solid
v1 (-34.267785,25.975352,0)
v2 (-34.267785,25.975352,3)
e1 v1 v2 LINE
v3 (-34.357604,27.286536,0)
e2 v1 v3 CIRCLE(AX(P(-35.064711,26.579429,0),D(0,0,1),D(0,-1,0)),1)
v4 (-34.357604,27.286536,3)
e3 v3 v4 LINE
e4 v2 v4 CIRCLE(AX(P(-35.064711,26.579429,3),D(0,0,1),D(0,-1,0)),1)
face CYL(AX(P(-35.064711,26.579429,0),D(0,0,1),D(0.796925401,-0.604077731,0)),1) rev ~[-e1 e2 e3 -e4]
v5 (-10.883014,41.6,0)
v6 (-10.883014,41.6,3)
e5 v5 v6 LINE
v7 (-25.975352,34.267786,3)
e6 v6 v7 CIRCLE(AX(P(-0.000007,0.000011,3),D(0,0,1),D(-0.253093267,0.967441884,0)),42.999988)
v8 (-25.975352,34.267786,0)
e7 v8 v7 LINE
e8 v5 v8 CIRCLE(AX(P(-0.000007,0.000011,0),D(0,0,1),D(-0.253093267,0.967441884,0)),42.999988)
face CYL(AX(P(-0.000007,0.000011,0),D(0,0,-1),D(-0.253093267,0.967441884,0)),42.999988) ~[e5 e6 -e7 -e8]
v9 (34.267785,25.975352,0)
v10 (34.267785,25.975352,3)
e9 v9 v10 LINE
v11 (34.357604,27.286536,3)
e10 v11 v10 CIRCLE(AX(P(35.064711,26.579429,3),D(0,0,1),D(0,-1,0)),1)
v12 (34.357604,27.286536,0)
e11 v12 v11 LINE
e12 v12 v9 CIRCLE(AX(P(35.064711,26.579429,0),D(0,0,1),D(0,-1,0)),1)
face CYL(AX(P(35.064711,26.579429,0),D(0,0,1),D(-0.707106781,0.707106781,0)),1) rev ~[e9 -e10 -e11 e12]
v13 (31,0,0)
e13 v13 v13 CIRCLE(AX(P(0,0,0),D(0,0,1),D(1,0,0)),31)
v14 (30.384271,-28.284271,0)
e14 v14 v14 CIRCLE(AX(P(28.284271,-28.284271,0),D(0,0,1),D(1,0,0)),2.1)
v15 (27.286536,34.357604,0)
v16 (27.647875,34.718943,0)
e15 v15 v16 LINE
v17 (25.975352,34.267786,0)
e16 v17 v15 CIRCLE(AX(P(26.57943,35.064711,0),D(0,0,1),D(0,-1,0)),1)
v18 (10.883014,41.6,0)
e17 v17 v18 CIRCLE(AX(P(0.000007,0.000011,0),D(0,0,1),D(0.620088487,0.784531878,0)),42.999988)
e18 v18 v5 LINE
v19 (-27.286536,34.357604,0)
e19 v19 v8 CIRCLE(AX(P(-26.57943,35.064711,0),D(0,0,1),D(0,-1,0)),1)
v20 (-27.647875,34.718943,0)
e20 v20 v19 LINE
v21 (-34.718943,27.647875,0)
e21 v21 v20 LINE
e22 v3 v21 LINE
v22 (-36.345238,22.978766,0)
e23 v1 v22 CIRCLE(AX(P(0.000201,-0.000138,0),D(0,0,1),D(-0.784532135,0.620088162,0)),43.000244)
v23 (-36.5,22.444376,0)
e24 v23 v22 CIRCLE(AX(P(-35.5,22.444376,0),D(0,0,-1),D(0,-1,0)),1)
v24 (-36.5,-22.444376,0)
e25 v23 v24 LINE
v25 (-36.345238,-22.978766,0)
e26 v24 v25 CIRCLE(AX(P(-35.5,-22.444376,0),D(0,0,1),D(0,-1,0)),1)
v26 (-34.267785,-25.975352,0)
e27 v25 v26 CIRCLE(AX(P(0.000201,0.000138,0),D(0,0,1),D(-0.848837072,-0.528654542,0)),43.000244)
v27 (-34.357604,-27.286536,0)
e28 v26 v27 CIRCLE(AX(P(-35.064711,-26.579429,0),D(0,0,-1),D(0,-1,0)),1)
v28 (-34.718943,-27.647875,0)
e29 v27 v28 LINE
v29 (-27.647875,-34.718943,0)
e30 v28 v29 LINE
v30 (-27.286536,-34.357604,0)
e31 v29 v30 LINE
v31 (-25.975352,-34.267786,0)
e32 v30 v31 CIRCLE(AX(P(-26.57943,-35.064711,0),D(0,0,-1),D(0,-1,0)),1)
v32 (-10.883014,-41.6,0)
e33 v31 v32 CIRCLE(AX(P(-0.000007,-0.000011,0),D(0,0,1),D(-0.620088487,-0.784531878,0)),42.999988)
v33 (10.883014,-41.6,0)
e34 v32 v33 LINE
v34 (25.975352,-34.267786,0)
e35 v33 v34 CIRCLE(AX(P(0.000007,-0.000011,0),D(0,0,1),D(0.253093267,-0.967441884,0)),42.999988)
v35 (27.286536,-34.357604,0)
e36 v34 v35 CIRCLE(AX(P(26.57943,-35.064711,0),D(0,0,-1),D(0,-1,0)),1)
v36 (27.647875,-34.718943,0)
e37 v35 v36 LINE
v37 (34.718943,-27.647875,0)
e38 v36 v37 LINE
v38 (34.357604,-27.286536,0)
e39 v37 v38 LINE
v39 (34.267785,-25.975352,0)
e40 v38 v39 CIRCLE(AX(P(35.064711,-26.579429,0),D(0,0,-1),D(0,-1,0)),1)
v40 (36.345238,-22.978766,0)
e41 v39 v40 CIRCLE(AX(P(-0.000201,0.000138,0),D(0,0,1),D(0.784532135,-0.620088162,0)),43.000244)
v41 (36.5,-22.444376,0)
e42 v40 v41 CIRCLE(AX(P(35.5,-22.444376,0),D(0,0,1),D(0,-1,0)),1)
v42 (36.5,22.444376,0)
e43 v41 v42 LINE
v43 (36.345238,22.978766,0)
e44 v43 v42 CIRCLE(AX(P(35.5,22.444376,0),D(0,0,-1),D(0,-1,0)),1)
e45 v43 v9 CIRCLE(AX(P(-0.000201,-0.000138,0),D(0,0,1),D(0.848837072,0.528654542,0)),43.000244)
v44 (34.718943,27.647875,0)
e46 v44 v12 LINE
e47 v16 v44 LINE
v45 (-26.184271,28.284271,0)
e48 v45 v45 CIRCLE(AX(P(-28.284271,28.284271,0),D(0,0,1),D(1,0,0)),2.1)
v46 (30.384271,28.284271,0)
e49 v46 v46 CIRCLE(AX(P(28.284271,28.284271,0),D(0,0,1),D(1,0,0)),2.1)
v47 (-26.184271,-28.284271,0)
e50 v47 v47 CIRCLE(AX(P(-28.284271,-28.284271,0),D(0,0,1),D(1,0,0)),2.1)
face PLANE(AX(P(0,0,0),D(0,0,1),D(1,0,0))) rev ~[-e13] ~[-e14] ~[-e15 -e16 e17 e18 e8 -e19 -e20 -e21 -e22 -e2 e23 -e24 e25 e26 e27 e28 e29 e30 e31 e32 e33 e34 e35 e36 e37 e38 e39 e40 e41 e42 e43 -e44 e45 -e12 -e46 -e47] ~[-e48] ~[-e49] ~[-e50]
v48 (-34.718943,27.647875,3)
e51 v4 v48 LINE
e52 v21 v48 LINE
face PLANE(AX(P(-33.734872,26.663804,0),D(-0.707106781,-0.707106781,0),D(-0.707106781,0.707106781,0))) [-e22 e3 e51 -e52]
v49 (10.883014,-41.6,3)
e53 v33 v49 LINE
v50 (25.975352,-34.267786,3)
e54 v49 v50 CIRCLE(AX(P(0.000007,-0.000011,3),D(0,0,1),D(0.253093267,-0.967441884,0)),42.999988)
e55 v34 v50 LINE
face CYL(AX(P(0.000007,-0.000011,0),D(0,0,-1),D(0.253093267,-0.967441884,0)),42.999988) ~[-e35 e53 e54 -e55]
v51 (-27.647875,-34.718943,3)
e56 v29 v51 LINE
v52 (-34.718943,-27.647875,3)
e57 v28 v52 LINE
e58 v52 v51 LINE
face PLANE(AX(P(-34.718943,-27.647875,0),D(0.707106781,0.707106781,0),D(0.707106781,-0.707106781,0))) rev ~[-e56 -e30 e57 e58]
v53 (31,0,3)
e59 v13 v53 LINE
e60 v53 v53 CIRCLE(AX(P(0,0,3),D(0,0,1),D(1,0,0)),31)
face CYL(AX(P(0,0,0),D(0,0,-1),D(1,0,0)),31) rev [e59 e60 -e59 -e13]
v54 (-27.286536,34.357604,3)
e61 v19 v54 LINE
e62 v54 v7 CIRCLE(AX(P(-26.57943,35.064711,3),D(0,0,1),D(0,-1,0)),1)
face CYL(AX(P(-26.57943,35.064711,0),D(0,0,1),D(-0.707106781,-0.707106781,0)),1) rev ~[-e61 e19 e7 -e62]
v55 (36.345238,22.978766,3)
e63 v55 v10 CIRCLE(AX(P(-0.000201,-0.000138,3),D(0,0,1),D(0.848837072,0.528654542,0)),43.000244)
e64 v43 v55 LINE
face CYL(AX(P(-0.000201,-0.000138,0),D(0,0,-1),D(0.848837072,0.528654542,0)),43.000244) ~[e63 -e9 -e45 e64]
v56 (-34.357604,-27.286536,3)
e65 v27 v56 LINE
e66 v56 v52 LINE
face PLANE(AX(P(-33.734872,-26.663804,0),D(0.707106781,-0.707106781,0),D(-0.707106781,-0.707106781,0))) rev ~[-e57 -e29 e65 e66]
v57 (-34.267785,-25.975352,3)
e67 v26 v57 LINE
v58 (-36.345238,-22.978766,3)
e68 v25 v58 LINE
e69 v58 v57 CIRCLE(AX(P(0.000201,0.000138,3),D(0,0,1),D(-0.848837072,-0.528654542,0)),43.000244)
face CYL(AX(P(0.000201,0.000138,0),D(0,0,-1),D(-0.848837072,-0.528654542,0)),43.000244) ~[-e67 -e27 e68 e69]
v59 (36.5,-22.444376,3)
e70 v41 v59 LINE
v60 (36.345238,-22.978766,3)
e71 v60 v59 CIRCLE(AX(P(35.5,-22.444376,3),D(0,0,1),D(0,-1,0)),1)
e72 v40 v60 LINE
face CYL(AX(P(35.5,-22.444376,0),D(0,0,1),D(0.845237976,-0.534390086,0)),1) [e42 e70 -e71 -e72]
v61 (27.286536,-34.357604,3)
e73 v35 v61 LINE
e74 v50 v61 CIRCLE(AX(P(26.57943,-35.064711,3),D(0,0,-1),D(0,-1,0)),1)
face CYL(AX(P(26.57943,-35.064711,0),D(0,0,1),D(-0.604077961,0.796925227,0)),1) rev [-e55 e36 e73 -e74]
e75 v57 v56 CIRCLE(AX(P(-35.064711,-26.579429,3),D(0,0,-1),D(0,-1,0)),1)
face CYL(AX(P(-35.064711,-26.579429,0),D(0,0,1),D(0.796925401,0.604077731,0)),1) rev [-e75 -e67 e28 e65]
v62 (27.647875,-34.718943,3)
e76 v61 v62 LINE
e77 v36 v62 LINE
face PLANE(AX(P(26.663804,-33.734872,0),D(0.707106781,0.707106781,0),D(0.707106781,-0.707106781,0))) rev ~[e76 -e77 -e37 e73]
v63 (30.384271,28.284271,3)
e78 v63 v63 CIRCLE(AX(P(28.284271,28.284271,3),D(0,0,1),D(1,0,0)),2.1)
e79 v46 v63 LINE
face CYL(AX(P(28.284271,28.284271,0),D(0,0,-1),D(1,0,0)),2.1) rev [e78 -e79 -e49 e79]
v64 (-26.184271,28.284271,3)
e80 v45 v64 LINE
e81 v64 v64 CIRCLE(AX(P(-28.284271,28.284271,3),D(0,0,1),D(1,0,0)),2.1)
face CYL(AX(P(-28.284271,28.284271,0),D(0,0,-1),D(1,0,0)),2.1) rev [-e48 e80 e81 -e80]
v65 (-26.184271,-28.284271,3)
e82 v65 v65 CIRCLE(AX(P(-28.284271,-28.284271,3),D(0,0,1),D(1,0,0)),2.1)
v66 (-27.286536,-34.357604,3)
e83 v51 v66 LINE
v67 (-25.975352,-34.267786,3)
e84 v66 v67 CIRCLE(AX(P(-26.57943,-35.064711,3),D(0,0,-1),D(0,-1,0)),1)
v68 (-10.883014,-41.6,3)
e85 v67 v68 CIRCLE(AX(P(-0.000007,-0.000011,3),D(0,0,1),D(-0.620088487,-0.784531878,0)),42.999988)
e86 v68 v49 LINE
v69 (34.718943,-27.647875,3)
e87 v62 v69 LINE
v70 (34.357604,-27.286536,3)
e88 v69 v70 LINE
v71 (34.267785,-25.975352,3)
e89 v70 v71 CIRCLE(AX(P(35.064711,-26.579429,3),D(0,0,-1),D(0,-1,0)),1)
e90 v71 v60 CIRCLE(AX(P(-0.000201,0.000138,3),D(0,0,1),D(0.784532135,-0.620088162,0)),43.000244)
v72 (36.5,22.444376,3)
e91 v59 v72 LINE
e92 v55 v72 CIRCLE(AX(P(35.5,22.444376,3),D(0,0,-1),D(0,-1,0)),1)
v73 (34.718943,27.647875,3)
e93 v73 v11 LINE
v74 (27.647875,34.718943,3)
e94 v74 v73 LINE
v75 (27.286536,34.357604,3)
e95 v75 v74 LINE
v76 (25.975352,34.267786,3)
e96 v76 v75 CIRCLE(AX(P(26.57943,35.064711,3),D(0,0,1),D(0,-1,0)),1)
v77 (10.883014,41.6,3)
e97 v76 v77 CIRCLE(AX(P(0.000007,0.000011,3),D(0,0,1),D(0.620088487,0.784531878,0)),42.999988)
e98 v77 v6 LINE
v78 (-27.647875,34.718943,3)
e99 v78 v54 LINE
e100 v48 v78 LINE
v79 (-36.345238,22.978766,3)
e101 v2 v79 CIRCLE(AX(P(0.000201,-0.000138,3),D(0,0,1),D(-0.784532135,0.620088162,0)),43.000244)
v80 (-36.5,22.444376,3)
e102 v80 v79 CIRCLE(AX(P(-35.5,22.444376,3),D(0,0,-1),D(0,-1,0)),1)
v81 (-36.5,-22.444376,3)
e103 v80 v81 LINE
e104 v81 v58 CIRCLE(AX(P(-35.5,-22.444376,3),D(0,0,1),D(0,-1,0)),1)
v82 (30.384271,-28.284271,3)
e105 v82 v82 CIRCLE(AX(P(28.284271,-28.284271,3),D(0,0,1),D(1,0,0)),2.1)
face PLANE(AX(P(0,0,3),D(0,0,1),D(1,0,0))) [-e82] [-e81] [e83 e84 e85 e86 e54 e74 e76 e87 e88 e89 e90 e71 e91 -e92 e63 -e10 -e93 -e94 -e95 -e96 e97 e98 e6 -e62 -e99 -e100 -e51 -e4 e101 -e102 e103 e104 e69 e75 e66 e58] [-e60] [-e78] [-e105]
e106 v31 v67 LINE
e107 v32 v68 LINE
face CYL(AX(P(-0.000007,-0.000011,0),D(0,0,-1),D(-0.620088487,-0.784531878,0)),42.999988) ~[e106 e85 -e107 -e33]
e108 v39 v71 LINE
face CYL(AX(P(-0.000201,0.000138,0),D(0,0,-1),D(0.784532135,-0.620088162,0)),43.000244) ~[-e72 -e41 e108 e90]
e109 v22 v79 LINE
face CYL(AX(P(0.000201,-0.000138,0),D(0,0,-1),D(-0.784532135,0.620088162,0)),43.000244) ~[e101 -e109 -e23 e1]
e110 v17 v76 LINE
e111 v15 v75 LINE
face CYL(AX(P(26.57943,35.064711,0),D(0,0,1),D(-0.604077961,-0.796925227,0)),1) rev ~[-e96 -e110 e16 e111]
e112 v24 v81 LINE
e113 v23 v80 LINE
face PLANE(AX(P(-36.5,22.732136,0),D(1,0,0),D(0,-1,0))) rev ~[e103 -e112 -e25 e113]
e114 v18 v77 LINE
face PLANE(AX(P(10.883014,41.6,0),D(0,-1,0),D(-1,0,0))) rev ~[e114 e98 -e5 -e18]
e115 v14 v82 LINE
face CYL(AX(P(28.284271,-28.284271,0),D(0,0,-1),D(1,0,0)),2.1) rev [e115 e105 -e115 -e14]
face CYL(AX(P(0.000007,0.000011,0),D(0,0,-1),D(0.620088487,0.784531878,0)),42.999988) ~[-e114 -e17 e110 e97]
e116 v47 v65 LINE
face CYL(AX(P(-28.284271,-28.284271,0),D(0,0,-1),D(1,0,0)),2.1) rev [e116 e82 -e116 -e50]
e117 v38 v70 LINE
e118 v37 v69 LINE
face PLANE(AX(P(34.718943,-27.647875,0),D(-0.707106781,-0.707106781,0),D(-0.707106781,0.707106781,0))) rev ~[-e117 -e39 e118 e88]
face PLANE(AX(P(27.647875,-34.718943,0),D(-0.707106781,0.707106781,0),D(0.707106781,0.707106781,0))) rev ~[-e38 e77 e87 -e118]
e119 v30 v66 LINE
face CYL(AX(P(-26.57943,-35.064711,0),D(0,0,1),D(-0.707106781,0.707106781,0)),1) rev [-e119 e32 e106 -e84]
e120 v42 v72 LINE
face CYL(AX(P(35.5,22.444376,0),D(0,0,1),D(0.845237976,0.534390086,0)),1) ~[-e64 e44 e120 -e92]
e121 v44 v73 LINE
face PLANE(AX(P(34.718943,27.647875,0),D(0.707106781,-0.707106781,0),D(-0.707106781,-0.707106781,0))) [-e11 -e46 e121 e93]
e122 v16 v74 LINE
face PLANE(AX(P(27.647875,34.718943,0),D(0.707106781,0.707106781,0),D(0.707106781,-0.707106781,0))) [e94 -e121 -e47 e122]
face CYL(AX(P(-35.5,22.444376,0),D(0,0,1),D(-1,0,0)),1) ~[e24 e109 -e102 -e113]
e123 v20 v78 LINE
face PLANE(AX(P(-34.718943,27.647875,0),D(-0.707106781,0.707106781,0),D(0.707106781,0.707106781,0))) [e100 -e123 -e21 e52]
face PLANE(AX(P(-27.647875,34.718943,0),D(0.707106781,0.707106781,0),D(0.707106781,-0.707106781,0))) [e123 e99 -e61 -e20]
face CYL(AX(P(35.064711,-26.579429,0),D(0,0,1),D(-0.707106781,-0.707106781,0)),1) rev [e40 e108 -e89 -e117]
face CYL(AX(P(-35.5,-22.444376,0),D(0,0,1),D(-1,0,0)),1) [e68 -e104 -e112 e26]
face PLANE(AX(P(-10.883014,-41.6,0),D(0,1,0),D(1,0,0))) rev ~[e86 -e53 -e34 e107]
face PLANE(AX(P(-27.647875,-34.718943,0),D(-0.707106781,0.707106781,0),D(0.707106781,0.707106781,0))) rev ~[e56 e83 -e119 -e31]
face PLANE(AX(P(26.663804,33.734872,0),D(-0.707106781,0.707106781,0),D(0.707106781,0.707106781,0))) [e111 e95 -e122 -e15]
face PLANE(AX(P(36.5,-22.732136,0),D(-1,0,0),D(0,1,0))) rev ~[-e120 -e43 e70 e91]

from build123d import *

# Parameters (mm, degrees)
SKETCH001_R   = 31
SKETCH001_R_2 = 2.1
PAD_DEPTH     = 3
FILLET_R      = 1


with BuildPart() as part:
    # Sketch001 → Pad (new body)
    with BuildSketch(Plane.XY):
        with BuildLine():
            Line((-36.5, 22.732136), (-36.5, -22.732136))
            ThreePointArc((-36.5, -22.732136), (-35.172415, -24.736637), (-33.734872, -26.663804))
            Line((-33.734872, -26.663804), (-34.718943, -27.647875))
            Line((-34.718943, -27.647875), (-27.647875, -34.718943))
            Line((-27.647875, -34.718943), (-26.663804, -33.734872))
            ThreePointArc((-26.663804, -33.734872), (-19.180875, -38.484985), (-10.883014, -41.6))
            Line((-10.883014, -41.6), (10.883014, -41.6))
            ThreePointArc((10.883014, -41.6), (19.180875, -38.484985), (26.663804, -33.734872))
            Line((26.663804, -33.734872), (27.647875, -34.718943))
            Line((27.647875, -34.718943), (34.718943, -27.647875))
            Line((34.718943, -27.647875), (33.734872, -26.663804))
            ThreePointArc((33.734872, -26.663804), (35.172415, -24.736637), (36.5, -22.732136))
            Line((36.5, -22.732136), (36.5, 22.732136))
            ThreePointArc((36.5, 22.732136), (35.172415, 24.736637), (33.734872, 26.663804))
            Line((34.718943, 27.647875), (33.734872, 26.663804))
            Line((27.647875, 34.718943), (34.718943, 27.647875))
            Line((26.663804, 33.734872), (27.647875, 34.718943))
            ThreePointArc((26.663804, 33.734872), (19.180875, 38.484985), (10.883014, 41.6))
            Line((10.883014, 41.6), (-10.883014, 41.6))
            ThreePointArc((-10.883014, 41.6), (-19.180875, 38.484985), (-26.663804, 33.734872))
            Line((-27.647875, 34.718943), (-26.663804, 33.734872))
            Line((-34.718943, 27.647875), (-27.647875, 34.718943))
            Line((-33.734872, 26.663804), (-34.718943, 27.647875))
            ThreePointArc((-33.734872, 26.663804), (-35.172415, 24.736637), (-36.5, 22.732136))
        make_face()
        Circle(SKETCH001_R, mode=Mode.SUBTRACT)
        with Locations((-28.284271, 28.284271)):
            Circle(SKETCH001_R_2, mode=Mode.SUBTRACT)
        with Locations((28.284271, 28.284271)):
            Circle(SKETCH001_R_2, mode=Mode.SUBTRACT)
        with Locations((28.284271, -28.284271)):
            Circle(SKETCH001_R_2, mode=Mode.SUBTRACT)
        with Locations((-28.284271, -28.284271)):
            Circle(SKETCH001_R_2, mode=Mode.SUBTRACT)
    extrude(amount=PAD_DEPTH)

    # Fillet
    fillet_edges = [part.edges().sort_by_distance(p)[0] for p in [
        (-26.663804, 33.734872, 1.5),
        (26.663804, 33.734872, 1.5),
        (33.734872, 26.663804, 1.5),
        (26.663804, -33.734872, 1.5),
        (33.734872, -26.663804, 1.5),
        (-26.663804, -33.734872, 1.5),
        (-33.734872, -26.663804, 1.5),
        (-33.734872, 26.663804, 1.5),
        (-36.5, -22.732136, 1.5),
        (-36.5, 22.732136, 1.5),
        (36.5, 22.732136, 1.5),
        (36.5, -22.732136, 1.5),
    ]]
    fillet(fillet_edges, radius=FILLET_R)


solid = part.part
